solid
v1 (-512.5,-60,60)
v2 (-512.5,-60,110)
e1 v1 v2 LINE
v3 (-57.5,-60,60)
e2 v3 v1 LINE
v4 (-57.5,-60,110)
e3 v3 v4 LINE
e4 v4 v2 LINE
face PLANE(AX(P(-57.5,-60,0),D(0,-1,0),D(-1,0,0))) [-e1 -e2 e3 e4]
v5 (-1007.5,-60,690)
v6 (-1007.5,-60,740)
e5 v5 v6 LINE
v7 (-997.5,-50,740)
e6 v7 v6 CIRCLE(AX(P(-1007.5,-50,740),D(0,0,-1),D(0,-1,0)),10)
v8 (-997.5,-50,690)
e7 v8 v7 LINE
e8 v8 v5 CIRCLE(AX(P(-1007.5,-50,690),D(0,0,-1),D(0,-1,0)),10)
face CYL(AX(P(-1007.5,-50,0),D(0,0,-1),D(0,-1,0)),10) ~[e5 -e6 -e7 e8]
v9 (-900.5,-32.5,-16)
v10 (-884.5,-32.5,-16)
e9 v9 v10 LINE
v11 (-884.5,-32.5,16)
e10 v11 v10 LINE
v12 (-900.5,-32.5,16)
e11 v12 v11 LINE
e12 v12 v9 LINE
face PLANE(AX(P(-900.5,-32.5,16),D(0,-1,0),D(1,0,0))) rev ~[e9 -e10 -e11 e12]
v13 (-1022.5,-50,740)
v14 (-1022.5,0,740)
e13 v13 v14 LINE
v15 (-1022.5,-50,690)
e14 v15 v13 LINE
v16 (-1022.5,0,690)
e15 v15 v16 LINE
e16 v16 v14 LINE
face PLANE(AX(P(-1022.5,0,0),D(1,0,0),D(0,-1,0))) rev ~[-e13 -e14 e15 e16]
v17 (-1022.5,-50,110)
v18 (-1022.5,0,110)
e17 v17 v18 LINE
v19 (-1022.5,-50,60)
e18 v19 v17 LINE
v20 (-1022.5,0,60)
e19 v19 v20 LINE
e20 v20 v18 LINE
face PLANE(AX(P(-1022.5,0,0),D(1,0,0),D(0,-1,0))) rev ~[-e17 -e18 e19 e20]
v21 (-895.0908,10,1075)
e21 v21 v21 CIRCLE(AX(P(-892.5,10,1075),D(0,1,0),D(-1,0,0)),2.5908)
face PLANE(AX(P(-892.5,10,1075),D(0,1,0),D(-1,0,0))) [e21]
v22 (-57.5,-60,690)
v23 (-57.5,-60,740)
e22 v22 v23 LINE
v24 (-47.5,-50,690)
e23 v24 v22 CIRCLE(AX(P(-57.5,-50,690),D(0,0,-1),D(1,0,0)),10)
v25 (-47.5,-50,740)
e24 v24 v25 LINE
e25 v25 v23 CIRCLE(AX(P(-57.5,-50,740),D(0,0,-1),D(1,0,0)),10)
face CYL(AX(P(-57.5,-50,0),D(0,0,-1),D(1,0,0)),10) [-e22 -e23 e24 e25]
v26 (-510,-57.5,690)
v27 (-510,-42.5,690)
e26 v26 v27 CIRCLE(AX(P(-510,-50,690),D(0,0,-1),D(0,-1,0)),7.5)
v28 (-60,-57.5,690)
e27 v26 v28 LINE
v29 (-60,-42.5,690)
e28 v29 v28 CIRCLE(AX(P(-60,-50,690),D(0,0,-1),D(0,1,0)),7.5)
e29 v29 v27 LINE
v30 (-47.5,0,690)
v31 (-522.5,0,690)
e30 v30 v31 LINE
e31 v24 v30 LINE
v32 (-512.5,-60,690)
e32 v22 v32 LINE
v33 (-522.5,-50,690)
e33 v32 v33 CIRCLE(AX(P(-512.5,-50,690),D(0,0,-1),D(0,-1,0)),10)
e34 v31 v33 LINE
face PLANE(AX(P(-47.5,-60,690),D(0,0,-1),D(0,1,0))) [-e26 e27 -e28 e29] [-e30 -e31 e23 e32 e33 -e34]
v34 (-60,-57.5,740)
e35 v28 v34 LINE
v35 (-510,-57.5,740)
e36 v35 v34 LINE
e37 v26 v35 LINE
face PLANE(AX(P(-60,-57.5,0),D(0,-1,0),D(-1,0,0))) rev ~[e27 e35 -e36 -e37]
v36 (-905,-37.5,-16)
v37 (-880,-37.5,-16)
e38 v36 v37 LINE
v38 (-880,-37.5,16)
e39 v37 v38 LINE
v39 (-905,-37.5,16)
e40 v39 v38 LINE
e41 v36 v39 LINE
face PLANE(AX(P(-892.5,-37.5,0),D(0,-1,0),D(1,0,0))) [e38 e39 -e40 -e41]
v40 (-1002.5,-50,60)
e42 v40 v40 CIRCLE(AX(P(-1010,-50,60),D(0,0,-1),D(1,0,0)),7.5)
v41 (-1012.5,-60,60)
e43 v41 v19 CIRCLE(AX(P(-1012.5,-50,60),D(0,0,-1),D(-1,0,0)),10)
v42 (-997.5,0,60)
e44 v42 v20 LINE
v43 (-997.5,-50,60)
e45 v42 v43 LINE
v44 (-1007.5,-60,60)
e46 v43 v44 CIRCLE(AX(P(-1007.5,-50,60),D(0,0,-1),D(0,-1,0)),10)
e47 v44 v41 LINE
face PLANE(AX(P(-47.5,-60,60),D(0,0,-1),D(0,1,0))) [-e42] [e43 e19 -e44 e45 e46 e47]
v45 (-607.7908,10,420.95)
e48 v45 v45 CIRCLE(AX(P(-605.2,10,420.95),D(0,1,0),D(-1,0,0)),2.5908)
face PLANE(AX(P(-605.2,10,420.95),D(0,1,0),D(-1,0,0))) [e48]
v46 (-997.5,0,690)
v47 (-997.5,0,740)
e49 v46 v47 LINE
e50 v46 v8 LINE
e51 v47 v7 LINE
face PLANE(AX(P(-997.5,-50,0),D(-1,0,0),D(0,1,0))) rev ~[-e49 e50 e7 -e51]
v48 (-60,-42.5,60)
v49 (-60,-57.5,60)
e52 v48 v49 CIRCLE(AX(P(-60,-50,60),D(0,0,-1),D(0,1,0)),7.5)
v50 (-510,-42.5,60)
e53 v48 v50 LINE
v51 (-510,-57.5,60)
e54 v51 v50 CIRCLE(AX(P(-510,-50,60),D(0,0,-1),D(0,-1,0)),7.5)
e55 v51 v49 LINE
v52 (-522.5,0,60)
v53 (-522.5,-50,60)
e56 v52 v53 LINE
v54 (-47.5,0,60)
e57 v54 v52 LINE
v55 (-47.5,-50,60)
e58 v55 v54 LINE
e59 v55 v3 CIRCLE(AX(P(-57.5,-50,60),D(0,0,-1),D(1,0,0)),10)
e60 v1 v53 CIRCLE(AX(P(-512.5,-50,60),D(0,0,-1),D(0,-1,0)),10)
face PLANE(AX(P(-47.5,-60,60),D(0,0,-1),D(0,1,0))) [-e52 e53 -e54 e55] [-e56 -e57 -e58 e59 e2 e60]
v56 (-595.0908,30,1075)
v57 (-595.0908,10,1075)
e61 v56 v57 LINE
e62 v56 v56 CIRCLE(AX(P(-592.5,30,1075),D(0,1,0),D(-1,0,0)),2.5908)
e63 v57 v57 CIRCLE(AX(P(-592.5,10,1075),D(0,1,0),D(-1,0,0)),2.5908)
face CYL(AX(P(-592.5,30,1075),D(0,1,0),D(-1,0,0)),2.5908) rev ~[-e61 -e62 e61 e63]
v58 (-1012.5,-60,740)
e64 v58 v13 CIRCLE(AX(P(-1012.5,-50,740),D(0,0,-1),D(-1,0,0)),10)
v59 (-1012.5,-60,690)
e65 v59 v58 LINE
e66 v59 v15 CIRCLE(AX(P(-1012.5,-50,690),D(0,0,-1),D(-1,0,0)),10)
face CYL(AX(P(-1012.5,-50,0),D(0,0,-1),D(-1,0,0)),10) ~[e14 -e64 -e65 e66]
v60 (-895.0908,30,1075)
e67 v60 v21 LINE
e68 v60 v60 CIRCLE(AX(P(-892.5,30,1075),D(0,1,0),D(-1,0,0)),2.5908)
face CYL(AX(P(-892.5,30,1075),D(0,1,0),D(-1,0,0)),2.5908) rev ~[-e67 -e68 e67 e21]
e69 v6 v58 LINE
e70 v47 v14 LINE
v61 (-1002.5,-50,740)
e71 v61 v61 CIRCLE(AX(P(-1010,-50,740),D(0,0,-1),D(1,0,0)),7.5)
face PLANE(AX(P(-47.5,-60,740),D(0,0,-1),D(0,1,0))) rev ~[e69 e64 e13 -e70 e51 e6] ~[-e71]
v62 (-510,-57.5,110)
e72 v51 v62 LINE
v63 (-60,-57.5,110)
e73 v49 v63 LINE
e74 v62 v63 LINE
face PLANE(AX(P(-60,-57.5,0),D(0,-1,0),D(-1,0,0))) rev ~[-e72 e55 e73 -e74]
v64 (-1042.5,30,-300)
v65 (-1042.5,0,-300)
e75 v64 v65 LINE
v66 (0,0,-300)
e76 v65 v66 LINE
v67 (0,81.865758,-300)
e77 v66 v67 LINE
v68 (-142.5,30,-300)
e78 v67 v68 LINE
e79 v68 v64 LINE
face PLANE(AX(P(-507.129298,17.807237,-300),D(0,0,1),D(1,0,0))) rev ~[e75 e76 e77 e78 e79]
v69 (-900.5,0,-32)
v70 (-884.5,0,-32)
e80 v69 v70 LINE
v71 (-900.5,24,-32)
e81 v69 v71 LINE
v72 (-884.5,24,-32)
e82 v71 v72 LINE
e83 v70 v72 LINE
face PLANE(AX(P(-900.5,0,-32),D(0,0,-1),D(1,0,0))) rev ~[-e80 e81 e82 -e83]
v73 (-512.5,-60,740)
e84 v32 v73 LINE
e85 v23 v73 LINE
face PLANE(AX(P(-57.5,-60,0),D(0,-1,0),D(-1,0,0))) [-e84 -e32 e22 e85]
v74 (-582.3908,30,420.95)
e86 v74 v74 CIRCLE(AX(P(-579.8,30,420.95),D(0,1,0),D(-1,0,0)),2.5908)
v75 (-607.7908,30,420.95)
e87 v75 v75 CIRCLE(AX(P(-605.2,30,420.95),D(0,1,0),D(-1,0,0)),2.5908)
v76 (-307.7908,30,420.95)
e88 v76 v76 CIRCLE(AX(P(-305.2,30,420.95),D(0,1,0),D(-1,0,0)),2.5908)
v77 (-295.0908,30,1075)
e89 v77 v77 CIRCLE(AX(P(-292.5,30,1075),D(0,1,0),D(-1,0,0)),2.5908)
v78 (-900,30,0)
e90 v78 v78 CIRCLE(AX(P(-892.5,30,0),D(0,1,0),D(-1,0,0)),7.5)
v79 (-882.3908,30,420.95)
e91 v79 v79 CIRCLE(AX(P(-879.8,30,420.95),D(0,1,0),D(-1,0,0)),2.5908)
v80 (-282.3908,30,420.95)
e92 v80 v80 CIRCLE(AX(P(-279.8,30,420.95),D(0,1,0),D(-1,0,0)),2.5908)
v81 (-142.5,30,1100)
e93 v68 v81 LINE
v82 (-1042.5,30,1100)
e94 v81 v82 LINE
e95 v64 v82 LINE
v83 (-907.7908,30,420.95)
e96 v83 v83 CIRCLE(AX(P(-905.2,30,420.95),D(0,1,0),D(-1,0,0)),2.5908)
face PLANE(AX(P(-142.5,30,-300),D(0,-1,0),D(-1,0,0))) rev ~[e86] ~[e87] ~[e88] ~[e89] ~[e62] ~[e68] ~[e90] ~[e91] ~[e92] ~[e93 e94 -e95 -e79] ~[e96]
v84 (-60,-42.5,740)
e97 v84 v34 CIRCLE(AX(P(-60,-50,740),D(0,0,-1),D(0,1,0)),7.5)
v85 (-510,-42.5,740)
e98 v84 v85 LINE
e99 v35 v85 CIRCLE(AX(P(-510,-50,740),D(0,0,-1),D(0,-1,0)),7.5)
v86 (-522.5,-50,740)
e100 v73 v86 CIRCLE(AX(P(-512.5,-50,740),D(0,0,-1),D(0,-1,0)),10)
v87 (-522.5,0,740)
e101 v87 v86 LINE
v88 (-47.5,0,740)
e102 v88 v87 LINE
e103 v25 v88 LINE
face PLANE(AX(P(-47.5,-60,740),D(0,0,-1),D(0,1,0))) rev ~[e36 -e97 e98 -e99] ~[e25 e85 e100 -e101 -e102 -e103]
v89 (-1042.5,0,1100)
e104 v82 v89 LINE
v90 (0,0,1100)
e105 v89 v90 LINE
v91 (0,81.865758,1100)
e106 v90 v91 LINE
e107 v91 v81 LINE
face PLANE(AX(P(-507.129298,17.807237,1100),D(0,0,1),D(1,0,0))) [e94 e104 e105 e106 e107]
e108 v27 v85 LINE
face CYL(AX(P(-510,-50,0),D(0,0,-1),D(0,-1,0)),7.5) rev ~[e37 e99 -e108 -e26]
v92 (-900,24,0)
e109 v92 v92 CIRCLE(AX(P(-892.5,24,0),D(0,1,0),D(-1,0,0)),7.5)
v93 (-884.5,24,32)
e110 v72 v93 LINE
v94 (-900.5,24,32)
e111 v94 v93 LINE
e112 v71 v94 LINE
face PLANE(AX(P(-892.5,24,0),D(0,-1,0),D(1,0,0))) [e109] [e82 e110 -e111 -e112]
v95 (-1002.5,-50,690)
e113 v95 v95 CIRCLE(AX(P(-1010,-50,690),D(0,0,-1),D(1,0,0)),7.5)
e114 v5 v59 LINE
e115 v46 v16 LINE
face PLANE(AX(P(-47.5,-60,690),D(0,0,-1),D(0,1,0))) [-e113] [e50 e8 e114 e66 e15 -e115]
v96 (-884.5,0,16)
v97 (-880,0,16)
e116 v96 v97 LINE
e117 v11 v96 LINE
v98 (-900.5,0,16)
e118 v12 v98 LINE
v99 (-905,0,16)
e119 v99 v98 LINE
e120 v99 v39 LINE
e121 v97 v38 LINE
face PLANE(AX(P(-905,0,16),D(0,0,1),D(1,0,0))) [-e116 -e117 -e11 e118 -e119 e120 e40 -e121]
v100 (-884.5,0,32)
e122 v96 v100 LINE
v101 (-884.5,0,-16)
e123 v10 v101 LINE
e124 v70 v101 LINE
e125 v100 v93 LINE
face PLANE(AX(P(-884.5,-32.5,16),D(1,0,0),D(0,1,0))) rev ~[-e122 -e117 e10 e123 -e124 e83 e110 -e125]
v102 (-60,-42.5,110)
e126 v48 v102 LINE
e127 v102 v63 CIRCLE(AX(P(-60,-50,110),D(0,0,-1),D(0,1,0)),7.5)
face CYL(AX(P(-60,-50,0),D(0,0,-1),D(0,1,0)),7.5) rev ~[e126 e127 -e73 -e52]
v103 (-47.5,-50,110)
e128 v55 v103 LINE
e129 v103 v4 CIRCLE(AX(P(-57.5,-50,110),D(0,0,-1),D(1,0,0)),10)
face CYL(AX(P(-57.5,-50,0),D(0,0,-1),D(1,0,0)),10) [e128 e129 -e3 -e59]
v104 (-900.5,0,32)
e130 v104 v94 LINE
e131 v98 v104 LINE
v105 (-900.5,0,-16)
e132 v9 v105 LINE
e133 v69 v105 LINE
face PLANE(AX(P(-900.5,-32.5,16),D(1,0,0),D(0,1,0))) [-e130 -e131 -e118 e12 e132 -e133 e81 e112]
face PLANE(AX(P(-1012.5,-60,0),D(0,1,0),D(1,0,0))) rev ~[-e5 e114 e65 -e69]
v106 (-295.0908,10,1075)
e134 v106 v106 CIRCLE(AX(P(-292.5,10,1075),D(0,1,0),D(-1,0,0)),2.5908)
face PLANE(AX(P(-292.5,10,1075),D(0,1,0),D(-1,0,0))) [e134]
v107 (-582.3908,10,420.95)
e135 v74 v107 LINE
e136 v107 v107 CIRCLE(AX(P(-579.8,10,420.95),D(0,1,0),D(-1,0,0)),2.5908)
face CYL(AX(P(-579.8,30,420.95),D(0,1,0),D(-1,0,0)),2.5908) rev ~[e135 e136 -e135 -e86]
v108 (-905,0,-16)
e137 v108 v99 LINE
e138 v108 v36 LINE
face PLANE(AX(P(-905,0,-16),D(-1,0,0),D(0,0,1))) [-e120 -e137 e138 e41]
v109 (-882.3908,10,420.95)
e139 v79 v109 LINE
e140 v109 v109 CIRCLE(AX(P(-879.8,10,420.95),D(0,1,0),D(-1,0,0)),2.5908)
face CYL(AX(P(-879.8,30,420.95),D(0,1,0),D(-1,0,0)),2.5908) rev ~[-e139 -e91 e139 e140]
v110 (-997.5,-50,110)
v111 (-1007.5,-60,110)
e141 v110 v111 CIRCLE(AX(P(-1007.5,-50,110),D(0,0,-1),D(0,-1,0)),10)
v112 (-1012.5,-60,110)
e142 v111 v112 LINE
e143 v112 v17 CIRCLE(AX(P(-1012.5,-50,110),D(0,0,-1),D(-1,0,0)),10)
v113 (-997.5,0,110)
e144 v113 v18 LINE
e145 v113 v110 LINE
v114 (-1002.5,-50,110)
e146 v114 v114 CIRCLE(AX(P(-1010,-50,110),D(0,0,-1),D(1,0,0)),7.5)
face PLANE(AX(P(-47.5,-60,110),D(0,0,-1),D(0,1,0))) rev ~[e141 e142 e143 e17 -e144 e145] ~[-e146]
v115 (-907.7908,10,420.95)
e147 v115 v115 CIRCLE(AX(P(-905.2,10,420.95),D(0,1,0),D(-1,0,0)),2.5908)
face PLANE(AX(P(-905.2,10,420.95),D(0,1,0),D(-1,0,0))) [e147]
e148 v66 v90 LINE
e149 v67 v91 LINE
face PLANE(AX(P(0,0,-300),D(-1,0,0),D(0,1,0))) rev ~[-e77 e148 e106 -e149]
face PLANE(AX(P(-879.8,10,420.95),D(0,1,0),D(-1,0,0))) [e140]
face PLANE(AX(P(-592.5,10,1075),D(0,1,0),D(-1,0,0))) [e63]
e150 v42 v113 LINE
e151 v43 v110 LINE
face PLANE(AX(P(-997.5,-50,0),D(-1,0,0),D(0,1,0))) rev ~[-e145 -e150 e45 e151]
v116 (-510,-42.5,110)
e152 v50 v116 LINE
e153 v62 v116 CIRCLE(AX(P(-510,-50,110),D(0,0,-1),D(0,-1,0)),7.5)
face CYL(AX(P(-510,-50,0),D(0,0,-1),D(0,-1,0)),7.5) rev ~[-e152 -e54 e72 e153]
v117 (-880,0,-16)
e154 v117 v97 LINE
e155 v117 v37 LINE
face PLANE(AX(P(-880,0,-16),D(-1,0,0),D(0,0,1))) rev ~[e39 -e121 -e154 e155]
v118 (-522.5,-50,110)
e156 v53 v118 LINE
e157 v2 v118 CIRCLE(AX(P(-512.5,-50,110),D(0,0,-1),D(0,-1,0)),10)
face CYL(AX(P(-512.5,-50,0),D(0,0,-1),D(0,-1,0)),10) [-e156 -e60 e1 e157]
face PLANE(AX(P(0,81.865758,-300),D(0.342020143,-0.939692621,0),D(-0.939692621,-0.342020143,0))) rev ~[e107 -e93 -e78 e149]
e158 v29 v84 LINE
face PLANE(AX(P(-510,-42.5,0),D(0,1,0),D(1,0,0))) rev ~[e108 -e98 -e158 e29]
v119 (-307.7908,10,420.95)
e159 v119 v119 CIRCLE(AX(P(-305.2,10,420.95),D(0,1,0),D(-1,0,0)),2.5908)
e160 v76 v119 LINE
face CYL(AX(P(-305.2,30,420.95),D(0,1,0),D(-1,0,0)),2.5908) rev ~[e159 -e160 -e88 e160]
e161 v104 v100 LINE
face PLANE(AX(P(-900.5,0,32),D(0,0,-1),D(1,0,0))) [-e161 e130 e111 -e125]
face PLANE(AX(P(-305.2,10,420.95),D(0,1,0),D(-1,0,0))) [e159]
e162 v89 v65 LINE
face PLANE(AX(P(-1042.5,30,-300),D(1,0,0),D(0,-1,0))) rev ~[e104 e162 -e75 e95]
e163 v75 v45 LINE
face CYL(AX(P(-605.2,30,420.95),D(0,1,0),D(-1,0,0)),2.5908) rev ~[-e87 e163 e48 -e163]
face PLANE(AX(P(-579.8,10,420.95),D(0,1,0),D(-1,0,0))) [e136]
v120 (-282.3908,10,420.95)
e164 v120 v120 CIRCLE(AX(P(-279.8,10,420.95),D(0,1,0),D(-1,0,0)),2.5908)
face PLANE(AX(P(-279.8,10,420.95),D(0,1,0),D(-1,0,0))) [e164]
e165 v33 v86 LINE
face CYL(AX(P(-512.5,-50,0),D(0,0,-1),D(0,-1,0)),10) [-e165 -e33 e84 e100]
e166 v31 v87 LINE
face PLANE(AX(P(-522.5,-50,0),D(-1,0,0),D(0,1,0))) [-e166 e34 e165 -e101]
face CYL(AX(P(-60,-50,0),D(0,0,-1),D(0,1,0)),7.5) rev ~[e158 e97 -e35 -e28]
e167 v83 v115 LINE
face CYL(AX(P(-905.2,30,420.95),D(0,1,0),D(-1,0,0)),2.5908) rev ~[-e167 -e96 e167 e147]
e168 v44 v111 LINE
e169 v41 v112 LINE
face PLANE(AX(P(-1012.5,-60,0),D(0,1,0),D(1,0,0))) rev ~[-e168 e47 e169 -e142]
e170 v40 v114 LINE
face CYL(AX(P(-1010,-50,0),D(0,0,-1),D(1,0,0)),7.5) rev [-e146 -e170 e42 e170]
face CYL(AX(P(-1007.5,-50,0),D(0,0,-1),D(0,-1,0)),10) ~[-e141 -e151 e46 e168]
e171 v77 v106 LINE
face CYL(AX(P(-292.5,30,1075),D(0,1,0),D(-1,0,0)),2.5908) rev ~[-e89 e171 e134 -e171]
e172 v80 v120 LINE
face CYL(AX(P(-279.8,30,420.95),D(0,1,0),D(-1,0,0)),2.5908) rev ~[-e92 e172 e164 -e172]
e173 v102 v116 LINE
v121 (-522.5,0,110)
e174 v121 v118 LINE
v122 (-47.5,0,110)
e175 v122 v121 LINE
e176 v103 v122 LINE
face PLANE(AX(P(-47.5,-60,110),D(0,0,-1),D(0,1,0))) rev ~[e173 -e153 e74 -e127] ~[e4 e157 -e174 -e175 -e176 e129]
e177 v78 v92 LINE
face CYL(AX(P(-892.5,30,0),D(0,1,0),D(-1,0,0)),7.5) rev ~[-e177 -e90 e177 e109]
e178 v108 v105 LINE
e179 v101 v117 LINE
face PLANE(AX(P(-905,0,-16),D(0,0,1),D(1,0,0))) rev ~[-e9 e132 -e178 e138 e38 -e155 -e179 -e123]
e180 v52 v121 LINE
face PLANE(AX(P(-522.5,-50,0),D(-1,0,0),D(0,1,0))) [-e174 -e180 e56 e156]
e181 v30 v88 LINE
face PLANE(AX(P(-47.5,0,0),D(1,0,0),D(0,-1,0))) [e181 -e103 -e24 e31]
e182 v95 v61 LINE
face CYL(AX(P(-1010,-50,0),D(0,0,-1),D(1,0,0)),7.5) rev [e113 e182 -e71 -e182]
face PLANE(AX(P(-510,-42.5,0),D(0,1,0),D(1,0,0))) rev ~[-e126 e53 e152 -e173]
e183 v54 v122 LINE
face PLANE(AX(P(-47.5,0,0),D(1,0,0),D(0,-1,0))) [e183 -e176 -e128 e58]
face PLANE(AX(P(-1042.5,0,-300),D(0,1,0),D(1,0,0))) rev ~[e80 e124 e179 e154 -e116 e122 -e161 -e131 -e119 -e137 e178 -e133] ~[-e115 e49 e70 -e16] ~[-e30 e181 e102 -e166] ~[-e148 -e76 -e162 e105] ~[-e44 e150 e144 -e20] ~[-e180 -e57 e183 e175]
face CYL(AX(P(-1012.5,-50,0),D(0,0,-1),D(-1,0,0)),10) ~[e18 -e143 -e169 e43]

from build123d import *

# Parameters (mm, degrees)
BOSS_EXTRUDE1_DEPTH      = 1100
BOSS_EXTRUDE1_DEPTH_BACK = 300
SKETCH3_R                = 7.5
BOSS_EXTRUDE2_DEPTH      = 800
SKETCH5_R                = 7.5
CUT_EXTRUDE2_DEPTH       = 1519.191769837
SKETCH9_W                = 580
SKETCH9_H                = 60
SKETCH9_W_2              = 60
CUT_EXTRUDE5_DEPTH       = 1486.505638628
SKETCH6_W                = 25
SKETCH6_H                = 32
BOSS_EXTRUDE3_DEPTH      = 37.5
SKETCH7_W                = 16
SKETCH7_H                = 32.5
CUT_EXTRUDE3_DEPTH       = 1507.17537239
SKETCH8_W                = 16
SKETCH8_H                = 64
CUT_EXTRUDE4_DEPTH       = 24
SKETCH10_R               = 2.5908
CUT_EXTRUDE6_DEPTH       = 20


with BuildPart() as part:
    # Sketch2 → Boss-Extrude1 (new, two sides: drawn at the far end of the back side and taken through both)
    with BuildSketch(Plane.XY.offset(-BOSS_EXTRUDE1_DEPTH_BACK)):
        Polygon((0, 0), (0, 81.865758383), (-142.5, 30), (-1042.5, 30), (-1042.5, 0), align=None)
    extrude(amount=BOSS_EXTRUDE1_DEPTH + BOSS_EXTRUDE1_DEPTH_BACK)

    # Sketch3 → Boss-Extrude2 (add)
    # profile 1 of 2: a face of its own
    with BuildSketch(Plane.XY):
        with BuildLine():
            Line((-47.5, 0), (-47.5, -50))
            ThreePointArc((-47.5, -50), (-50.428932188, -57.071067812), (-57.5, -60))
            Line((-57.5, -60), (-512.5, -60))
            ThreePointArc((-512.5, -60), (-519.571067812, -57.071067812), (-522.5, -50))
            Line((-522.5, -50), (-522.5, 0))
            Line((-522.5, 0), (-47.5, 0))
        make_face()
        with BuildLine():
            Line((-510, -42.5), (-60, -42.5))
            ThreePointArc((-60, -42.5), (-52.5, -50), (-60, -57.5))
            Line((-60, -57.5), (-510, -57.5))
            ThreePointArc((-510, -57.5), (-517.5, -50), (-510, -42.5))
        make_face(mode=Mode.SUBTRACT)
    # profile 2 of 2: a face of its own
    with BuildSketch(Plane.XY):
        with BuildLine():
            Line((-1022.5, 0), (-1022.5, -50))
            ThreePointArc((-1022.5, -50), (-1019.571067812, -57.071067812), (-1012.5, -60))
            Line((-1012.5, -60), (-1007.5, -60))
            ThreePointArc((-1007.5, -60), (-1000.428932188, -57.071067812), (-997.5, -50))
            Line((-997.5, -50), (-997.5, 0))
            Line((-997.5, 0), (-1022.5, 0))
        make_face()
        with Locations((-1010, -50)):
            Circle(SKETCH3_R, mode=Mode.SUBTRACT)
    extrude(amount=BOSS_EXTRUDE2_DEPTH)

    # Sketch5 → Cut-Extrude2 (cut, through all)
    with BuildSketch(Plane(origin=(0, 30, 0), x_dir=(1, 0, 0), z_dir=(0, 1, 0))):
        with Locations(Location((-892.5, 0, 0), (0, 0, 180))):
            Circle(SKETCH5_R)
    extrude(amount=-CUT_EXTRUDE2_DEPTH, mode=Mode.SUBTRACT)

    # Sketch9 → Cut-Extrude5 (cut, through all)
    with BuildSketch(Plane(origin=(-47.5, 0, 0), x_dir=(0, 0, -1), z_dir=(1, 0, 0))):
        with Locations((-400, -30)):
            Rectangle(SKETCH9_W, SKETCH9_H)
        Polygon((-740, -50), (-740, -60), (-800, -60), (-800, -50), (-800, 0), (-740, 0), align=None)
        with Locations((-30, -30)):
            Rectangle(SKETCH9_W_2, SKETCH9_H)
    extrude(amount=-CUT_EXTRUDE5_DEPTH, mode=Mode.SUBTRACT)

    # Sketch6 → Boss-Extrude3 (add)
    with BuildSketch(Plane.XZ):
        with Locations((-892.5, 0)):
            Rectangle(SKETCH6_W, SKETCH6_H)
    extrude(amount=BOSS_EXTRUDE3_DEPTH)

    # Sketch7 → Cut-Extrude3 (cut, through all)
    with BuildSketch(Plane.XY.offset(16)):
        with Locations((-892.5, -16.25)):
            Rectangle(SKETCH7_W, SKETCH7_H)
    extrude(amount=-CUT_EXTRUDE3_DEPTH, mode=Mode.SUBTRACT)

    # Sketch8 → Cut-Extrude4 (cut)
    with BuildSketch(Plane.XZ):
        with Locations((-892.5, 0)):
            Rectangle(SKETCH8_W, SKETCH8_H)
    extrude(amount=-CUT_EXTRUDE4_DEPTH, mode=Mode.SUBTRACT)

    # Sketch10 → Cut-Extrude6 (cut)
    with BuildSketch(Plane(origin=(0, 30, 0), x_dir=(1, 0, 0), z_dir=(0, 1, 0))):
        with Locations(Location((-892.5, -1075, 0), (0, 0, 180))):
            Circle(SKETCH10_R)
        with Locations(Location((-592.5, -1075, 0), (0, 0, 180))):
            Circle(SKETCH10_R)
        with Locations(Location((-292.5, -1075, 0), (0, 0, 180))):
            Circle(SKETCH10_R)
        with Locations(Location((-905.2, -420.95, 0), (0, 0, 180))):
            Circle(SKETCH10_R)
        with Locations(Location((-879.8, -420.95, 0), (0, 0, 180))):
            Circle(SKETCH10_R)
        with Locations(Location((-605.2, -420.95, 0), (0, 0, 180))):
            Circle(SKETCH10_R)
        with Locations(Location((-579.8, -420.95, 0), (0, 0, 180))):
            Circle(SKETCH10_R)
        with Locations(Location((-305.2, -420.95, 0), (0, 0, 180))):
            Circle(SKETCH10_R)
        with Locations(Location((-279.8, -420.95, 0), (0, 0, 180))):
            Circle(SKETCH10_R)
    extrude(amount=-CUT_EXTRUDE6_DEPTH, mode=Mode.SUBTRACT)


solid = part.part
